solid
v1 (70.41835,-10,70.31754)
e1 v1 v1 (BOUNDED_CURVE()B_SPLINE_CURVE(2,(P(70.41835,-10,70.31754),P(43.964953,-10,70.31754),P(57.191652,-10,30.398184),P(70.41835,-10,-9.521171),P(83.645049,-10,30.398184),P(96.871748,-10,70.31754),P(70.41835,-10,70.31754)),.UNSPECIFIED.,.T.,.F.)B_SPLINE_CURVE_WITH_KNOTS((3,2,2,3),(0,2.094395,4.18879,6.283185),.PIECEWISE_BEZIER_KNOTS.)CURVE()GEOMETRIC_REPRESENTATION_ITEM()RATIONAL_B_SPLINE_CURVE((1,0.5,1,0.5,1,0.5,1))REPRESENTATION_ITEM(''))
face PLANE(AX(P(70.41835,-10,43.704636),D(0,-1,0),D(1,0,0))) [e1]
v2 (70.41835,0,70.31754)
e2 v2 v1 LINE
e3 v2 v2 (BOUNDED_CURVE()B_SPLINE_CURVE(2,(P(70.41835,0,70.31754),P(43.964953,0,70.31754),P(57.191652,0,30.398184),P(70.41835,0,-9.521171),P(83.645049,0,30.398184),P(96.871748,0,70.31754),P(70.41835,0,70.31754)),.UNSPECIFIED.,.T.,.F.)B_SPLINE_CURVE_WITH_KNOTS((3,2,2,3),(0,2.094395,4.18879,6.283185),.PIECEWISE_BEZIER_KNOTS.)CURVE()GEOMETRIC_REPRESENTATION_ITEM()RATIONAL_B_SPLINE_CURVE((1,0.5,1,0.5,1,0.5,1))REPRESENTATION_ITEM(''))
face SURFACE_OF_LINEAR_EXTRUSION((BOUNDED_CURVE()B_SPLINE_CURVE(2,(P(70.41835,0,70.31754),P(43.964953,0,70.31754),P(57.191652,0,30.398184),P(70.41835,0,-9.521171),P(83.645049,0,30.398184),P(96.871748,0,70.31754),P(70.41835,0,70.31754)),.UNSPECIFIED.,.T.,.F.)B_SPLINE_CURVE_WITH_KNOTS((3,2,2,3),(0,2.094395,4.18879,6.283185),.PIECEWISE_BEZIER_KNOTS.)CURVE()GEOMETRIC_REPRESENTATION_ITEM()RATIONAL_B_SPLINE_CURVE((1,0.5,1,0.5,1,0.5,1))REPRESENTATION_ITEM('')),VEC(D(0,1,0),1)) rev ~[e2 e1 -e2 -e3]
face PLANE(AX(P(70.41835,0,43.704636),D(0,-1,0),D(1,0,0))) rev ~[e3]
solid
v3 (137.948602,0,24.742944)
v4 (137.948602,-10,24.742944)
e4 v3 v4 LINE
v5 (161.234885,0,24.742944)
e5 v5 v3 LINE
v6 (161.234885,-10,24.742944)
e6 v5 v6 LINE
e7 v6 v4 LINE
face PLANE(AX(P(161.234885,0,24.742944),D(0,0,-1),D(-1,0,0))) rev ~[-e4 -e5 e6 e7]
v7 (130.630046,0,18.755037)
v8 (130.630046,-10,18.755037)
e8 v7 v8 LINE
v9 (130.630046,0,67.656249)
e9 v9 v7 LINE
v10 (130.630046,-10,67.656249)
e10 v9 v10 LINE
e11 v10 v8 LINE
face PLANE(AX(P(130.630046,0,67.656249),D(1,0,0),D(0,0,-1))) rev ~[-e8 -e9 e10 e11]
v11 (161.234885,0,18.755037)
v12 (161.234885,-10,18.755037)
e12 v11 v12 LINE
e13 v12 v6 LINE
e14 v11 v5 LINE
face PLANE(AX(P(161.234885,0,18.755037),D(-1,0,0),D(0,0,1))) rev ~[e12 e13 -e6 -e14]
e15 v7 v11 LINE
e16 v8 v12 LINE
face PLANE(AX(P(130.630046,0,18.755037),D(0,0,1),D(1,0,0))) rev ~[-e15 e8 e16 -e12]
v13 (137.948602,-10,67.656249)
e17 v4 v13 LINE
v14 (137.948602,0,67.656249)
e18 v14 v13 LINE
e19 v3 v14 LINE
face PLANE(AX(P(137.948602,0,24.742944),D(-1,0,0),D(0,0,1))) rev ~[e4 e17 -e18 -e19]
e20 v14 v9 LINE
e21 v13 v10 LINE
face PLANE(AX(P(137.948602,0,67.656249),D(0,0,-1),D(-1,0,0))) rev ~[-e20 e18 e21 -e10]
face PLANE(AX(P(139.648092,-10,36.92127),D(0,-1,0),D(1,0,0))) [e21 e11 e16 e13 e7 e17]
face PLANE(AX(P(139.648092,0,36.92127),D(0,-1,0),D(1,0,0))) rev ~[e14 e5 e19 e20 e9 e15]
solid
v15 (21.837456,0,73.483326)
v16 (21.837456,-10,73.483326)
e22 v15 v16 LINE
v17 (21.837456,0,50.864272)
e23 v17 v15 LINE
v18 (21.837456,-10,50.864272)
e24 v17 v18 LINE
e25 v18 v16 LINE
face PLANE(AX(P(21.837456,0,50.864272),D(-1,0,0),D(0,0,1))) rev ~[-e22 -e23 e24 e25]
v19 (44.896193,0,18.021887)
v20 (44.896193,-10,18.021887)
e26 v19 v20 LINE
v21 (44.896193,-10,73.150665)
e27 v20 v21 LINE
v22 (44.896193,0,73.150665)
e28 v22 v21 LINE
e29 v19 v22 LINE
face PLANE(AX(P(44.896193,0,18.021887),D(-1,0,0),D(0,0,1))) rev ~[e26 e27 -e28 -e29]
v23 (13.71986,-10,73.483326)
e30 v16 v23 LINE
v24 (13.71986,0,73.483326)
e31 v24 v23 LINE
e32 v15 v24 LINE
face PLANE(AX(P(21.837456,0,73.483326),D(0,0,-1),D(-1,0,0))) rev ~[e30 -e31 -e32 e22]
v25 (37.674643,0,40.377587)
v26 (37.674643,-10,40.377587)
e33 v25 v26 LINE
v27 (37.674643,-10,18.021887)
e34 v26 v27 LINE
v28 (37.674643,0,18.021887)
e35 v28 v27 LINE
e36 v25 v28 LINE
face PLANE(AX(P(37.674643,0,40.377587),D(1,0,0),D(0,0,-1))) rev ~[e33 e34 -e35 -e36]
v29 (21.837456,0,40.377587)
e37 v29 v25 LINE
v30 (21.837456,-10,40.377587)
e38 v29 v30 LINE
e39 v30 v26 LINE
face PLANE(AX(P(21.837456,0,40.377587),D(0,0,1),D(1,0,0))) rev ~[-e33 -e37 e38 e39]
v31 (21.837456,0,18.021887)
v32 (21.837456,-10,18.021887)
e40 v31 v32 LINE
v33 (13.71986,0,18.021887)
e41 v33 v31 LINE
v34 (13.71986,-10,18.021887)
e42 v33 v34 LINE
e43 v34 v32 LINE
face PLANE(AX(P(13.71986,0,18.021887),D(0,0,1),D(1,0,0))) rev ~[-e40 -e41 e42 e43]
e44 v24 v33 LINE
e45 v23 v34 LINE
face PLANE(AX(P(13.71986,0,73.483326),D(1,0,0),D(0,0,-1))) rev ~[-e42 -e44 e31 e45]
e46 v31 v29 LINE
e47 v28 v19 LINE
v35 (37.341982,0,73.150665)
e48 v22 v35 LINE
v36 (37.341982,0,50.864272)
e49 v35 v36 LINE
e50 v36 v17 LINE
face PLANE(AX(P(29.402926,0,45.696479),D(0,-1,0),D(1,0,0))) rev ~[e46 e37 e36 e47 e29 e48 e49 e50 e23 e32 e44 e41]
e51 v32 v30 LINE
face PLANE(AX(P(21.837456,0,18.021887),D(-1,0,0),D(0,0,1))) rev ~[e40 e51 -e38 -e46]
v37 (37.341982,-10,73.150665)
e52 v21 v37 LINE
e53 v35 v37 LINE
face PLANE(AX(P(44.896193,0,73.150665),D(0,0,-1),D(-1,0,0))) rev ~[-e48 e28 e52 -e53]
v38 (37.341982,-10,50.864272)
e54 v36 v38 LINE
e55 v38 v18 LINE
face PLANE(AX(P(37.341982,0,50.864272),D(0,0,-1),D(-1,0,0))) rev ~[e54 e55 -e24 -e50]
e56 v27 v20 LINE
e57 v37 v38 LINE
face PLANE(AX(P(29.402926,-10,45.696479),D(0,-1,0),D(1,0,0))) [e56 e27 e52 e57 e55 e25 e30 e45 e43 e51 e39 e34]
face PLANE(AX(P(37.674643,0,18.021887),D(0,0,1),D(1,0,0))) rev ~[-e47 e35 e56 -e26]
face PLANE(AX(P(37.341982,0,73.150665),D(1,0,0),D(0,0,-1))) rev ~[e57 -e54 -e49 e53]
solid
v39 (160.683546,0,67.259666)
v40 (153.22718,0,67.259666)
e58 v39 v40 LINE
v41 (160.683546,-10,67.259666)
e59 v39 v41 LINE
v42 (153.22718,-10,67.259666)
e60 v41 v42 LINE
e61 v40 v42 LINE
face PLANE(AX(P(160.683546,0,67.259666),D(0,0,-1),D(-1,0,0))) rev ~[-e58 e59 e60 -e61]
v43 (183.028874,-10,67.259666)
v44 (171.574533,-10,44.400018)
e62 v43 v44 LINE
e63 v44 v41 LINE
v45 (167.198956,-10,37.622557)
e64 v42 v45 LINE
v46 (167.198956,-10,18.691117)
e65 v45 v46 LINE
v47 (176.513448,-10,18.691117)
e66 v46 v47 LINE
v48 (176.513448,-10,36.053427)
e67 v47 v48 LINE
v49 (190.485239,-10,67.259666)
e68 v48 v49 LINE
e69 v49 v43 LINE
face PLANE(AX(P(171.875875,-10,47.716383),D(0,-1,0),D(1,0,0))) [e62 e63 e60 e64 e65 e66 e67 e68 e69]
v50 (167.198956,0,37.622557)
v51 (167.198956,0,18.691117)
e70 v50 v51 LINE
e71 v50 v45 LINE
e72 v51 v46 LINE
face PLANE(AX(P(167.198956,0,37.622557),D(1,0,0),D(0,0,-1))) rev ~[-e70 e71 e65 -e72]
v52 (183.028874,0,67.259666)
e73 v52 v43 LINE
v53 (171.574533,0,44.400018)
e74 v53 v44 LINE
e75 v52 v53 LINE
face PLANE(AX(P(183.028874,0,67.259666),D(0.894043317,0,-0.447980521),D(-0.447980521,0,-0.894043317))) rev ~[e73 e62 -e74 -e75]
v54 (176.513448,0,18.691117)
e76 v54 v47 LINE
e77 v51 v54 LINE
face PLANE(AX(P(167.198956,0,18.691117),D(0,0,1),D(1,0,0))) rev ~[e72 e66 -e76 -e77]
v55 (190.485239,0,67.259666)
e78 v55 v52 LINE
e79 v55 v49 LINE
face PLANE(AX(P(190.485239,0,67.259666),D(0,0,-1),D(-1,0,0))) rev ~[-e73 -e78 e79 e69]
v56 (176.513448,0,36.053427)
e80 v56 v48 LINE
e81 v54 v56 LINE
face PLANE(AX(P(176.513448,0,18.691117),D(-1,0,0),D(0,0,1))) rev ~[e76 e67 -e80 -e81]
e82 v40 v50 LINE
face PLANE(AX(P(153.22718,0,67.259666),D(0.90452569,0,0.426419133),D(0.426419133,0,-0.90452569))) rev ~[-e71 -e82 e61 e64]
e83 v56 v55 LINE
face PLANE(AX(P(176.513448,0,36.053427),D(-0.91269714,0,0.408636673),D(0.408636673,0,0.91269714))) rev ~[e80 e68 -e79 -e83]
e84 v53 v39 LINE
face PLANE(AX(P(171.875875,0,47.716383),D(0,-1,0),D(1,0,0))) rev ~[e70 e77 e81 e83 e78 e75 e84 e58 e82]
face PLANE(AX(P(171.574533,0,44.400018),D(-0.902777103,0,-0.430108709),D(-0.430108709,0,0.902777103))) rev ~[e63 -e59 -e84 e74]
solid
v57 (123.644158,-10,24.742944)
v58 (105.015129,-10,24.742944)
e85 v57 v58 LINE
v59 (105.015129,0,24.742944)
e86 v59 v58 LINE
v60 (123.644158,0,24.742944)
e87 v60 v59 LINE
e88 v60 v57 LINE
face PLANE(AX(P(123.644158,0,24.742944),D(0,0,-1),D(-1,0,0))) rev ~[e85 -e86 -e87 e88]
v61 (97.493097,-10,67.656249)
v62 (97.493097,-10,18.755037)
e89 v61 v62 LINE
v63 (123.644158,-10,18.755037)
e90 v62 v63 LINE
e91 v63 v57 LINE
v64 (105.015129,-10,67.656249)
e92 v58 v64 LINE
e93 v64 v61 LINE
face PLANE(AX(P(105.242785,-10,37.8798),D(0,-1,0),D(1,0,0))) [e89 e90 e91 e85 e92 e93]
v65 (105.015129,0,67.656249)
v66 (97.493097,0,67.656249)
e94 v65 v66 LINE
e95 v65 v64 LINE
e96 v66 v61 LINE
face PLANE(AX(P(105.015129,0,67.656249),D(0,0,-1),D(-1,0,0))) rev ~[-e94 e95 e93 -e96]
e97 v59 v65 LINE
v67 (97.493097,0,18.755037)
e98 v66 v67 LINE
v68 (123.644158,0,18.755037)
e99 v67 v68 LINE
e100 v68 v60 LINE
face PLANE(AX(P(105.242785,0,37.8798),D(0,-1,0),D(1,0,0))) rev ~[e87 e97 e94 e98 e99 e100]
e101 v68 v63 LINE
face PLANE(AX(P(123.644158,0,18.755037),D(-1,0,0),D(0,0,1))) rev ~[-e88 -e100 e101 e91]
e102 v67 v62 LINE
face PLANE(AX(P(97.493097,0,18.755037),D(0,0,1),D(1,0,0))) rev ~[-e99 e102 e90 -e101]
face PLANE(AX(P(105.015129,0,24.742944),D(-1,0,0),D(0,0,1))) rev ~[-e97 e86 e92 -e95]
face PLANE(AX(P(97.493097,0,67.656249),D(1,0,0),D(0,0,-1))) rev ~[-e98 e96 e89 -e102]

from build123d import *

# Parameters (mm, degrees)
F2_DEPTH = 10
F3_DEPTH = 10
F4_DEPTH = 10
F5_DEPTH = 10
F6_DEPTH = 10


with BuildPart() as f2:
    # F1 (on Front) → F2 (new body)
    with BuildSketch(Plane.XZ):
        Polygon((130.630046, 67.656249), (130.630046, 24.410279), (130.630046, 18.755037), (161.234885, 18.755037), (161.234885, 24.742944), (137.948602, 24.742944), (137.948602, 67.656249), align=None)
    extrude(amount=F2_DEPTH)


with BuildPart() as f3:
    # F0 (on Front) → F3 (new body)
    with BuildSketch(Plane.XZ):
        Polygon((37.341982, 50.864272), (21.837456, 50.864272), (21.837456, 73.483326), (13.71986, 73.483326), (13.71986, 18.021887), (21.837456, 18.021887), (21.837456, 40.377587), (37.674643, 40.377587), (37.674643, 18.021887), (44.896193, 18.021887), (44.896193, 73.150665), (37.341982, 73.150665), align=None)
    extrude(amount=F3_DEPTH)


with BuildPart() as f4:
    # F1 (on Front) → F4 (new body)
    with BuildSketch(Plane.XZ):
        Polygon((97.493097, 67.656249), (97.493097, 18.755037), (123.644158, 18.755037), (123.644158, 24.742944), (105.015129, 24.742944), (105.015129, 67.656249), align=None)
    extrude(amount=F4_DEPTH)


with BuildPart() as f5:
    # F1 (on Front) → F5 (new body)
    with BuildSketch(Plane.XZ):
        with BuildLine():
            add(Edge.make_bspline(
                [(70.41835, 70.31754), (43.964953, 70.31754), (57.191652, 30.398184), (70.41835, -9.521171), (83.645049, 30.398184), (96.871748, 70.31754), (70.41835, 70.31754)],
                knots=[0, 0, 0, 2.094395, 2.094395, 4.18879, 4.18879, 6.283185, 6.283185, 6.283185], degree=2, weights=[1, 0.5, 1, 0.5, 1, 0.5, 1]))
        make_face()
    extrude(amount=F5_DEPTH)


with BuildPart() as f6:
    # F1 (on Front) → F6 (new body)
    with BuildSketch(Plane.XZ):
        Polygon((160.683546, 67.259666), (153.22718, 67.259666), (167.198956, 37.622557), (167.198956, 18.691117), (176.513448, 18.691117), (176.513448, 36.053427), (190.485239, 67.259666), (183.028874, 67.259666), (171.574533, 44.400018), align=None)
    extrude(amount=F6_DEPTH)


solid = Compound([f2.part, f3.part, f4.part, f5.part, f6.part])
